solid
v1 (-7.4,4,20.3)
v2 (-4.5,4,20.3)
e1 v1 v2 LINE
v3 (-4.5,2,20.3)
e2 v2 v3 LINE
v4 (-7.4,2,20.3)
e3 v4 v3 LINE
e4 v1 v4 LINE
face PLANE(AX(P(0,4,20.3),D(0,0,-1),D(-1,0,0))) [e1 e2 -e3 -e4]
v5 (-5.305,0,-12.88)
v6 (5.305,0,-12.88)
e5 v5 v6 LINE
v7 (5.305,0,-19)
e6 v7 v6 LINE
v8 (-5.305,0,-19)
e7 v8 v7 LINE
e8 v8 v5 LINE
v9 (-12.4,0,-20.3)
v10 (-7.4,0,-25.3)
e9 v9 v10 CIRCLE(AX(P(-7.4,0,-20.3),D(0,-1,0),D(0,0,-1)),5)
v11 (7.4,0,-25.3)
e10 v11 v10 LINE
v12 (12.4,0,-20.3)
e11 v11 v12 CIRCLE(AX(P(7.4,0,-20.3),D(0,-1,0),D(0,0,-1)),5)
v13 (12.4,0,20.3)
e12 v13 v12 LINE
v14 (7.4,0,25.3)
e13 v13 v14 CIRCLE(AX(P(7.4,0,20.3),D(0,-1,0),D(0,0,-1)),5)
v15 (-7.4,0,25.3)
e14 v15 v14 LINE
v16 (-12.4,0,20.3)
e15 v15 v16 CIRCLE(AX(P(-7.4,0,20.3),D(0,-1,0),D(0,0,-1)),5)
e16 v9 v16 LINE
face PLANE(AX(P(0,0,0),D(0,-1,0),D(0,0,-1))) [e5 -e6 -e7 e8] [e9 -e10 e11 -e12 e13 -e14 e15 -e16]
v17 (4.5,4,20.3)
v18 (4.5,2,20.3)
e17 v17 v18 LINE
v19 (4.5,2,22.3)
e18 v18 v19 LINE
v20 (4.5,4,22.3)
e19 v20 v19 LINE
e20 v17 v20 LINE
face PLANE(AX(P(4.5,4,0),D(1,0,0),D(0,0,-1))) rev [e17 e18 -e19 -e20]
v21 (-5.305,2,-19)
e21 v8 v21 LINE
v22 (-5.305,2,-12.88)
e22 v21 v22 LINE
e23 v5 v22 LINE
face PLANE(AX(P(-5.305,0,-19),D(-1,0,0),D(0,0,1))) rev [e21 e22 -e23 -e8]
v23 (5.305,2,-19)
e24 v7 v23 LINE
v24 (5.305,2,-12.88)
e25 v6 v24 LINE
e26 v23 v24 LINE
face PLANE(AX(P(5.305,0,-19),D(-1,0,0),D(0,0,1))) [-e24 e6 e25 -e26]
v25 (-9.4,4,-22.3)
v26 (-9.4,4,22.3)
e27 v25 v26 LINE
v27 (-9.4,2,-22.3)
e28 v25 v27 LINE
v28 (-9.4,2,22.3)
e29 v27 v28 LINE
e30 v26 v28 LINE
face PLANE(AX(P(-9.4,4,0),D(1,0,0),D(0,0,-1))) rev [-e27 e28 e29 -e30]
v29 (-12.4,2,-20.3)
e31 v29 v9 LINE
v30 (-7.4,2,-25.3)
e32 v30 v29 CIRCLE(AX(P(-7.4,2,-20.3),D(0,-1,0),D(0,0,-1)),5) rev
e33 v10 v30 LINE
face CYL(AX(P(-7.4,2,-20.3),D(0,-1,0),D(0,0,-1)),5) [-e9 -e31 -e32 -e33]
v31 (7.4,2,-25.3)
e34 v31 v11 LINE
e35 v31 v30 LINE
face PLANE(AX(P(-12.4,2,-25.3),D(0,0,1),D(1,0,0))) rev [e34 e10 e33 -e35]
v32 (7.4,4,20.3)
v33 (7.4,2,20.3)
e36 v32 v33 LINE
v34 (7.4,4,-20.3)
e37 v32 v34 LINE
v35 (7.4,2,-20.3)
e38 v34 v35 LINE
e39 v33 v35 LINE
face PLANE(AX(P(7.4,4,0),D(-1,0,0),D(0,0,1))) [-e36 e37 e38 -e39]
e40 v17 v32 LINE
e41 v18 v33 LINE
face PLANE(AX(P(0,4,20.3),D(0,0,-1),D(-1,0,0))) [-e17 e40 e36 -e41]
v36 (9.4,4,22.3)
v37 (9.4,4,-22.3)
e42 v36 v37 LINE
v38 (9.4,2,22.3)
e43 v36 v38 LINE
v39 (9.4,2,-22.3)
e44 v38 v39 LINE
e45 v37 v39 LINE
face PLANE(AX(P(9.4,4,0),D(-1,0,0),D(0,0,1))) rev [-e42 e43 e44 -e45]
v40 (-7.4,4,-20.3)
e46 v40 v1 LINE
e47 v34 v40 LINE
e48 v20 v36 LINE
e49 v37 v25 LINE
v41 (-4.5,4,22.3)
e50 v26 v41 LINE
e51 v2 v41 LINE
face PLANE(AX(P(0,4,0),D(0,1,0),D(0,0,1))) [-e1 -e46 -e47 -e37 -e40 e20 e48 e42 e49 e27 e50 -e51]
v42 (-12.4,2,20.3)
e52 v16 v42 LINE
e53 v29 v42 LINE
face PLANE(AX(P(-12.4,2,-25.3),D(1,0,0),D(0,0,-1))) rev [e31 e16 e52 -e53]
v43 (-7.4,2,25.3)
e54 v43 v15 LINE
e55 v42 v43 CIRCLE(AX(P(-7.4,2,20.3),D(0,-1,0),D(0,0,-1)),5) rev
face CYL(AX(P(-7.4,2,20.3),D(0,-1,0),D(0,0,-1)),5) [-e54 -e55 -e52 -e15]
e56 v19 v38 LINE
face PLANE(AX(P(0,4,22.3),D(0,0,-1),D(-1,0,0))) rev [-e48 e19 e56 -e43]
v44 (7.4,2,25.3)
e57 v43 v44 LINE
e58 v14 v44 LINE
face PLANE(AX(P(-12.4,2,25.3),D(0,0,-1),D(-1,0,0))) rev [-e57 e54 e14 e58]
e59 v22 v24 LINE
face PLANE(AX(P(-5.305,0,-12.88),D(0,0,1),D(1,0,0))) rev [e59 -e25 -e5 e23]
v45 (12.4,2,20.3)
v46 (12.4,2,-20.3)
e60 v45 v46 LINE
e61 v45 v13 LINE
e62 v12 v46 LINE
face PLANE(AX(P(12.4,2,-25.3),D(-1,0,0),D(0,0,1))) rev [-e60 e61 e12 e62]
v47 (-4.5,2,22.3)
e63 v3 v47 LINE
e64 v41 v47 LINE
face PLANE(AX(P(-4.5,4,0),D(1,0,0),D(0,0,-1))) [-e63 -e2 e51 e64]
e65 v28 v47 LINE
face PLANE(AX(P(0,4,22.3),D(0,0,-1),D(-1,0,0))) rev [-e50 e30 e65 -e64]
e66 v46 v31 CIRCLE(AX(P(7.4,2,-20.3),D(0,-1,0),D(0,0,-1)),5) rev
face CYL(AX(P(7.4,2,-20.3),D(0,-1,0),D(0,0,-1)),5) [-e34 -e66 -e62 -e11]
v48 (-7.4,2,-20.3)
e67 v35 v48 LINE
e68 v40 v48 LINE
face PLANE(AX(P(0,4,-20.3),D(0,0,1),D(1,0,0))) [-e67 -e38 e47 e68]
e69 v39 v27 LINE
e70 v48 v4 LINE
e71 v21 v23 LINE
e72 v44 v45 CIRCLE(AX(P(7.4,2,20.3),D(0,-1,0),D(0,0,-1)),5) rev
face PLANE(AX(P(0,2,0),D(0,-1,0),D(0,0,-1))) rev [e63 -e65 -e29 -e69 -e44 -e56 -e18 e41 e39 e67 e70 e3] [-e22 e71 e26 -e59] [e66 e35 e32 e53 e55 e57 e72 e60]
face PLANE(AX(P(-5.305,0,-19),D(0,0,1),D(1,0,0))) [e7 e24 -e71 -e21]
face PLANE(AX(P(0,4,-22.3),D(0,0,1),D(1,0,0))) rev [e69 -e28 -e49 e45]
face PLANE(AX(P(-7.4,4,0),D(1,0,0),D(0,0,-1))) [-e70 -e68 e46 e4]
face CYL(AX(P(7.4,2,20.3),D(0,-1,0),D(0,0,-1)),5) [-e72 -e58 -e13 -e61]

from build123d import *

# Parameters (mm, degrees)
SKETCH1_W           = 24.8
SKETCH1_H           = 50.6
BOSS_EXTRUDE1_DEPTH = 2
BOSS_EXTRUDE2_DEPTH = 2
SKETCH3_W           = 10.61
SKETCH3_H           = 6.12
CUT_EXTRUDE1_DEPTH  = 3
FILLET1_R           = 5


with BuildPart() as part:
    # Sketch1 → Boss-Extrude1 (new body)
    with BuildSketch(Plane(origin=(0, 0, 0), x_dir=(1, 0, 0), z_dir=(0, 1, 0))):
        Rectangle(SKETCH1_W, SKETCH1_H)
    extrude(amount=BOSS_EXTRUDE1_DEPTH)

    # Sketch2 → Boss-Extrude2 (add)
    with BuildSketch(Plane(origin=(0, 2, 0), x_dir=(1, 0, 0), z_dir=(0, 1, 0))):
        Polygon((-7.4, 20.3), (7.4, 20.3), (7.4, -20.3), (4.5, -20.3), (4.5, -22.3), (9.4, -22.3), (9.4, 22.3), (-9.4, 22.3), (-9.4, -22.3), (-4.5, -22.3), (-4.5, -20.3), (-7.4, -20.3), align=None)
    extrude(amount=BOSS_EXTRUDE2_DEPTH)

    # Sketch3 → Cut-Extrude1 (cut, through all)
    with BuildSketch(Plane(origin=(0, 2, 0), x_dir=(1, 0, 0), z_dir=(0, 1, 0))):
        with Locations((0, 15.94)):
            Rectangle(SKETCH3_W, SKETCH3_H)
    extrude(amount=-CUT_EXTRUDE1_DEPTH, mode=Mode.SUBTRACT)

    # Fillet1
    fillet1_edges = [part.edges().sort_by_distance(p)[0] for p in [
        (12.4, 1, -25.3),
        (12.4, 1, 25.3),
        (-12.4, 1, 25.3),
        (-12.4, 1, -25.3),
    ]]
    fillet(fillet1_edges, radius=FILLET1_R)


solid = part.part
